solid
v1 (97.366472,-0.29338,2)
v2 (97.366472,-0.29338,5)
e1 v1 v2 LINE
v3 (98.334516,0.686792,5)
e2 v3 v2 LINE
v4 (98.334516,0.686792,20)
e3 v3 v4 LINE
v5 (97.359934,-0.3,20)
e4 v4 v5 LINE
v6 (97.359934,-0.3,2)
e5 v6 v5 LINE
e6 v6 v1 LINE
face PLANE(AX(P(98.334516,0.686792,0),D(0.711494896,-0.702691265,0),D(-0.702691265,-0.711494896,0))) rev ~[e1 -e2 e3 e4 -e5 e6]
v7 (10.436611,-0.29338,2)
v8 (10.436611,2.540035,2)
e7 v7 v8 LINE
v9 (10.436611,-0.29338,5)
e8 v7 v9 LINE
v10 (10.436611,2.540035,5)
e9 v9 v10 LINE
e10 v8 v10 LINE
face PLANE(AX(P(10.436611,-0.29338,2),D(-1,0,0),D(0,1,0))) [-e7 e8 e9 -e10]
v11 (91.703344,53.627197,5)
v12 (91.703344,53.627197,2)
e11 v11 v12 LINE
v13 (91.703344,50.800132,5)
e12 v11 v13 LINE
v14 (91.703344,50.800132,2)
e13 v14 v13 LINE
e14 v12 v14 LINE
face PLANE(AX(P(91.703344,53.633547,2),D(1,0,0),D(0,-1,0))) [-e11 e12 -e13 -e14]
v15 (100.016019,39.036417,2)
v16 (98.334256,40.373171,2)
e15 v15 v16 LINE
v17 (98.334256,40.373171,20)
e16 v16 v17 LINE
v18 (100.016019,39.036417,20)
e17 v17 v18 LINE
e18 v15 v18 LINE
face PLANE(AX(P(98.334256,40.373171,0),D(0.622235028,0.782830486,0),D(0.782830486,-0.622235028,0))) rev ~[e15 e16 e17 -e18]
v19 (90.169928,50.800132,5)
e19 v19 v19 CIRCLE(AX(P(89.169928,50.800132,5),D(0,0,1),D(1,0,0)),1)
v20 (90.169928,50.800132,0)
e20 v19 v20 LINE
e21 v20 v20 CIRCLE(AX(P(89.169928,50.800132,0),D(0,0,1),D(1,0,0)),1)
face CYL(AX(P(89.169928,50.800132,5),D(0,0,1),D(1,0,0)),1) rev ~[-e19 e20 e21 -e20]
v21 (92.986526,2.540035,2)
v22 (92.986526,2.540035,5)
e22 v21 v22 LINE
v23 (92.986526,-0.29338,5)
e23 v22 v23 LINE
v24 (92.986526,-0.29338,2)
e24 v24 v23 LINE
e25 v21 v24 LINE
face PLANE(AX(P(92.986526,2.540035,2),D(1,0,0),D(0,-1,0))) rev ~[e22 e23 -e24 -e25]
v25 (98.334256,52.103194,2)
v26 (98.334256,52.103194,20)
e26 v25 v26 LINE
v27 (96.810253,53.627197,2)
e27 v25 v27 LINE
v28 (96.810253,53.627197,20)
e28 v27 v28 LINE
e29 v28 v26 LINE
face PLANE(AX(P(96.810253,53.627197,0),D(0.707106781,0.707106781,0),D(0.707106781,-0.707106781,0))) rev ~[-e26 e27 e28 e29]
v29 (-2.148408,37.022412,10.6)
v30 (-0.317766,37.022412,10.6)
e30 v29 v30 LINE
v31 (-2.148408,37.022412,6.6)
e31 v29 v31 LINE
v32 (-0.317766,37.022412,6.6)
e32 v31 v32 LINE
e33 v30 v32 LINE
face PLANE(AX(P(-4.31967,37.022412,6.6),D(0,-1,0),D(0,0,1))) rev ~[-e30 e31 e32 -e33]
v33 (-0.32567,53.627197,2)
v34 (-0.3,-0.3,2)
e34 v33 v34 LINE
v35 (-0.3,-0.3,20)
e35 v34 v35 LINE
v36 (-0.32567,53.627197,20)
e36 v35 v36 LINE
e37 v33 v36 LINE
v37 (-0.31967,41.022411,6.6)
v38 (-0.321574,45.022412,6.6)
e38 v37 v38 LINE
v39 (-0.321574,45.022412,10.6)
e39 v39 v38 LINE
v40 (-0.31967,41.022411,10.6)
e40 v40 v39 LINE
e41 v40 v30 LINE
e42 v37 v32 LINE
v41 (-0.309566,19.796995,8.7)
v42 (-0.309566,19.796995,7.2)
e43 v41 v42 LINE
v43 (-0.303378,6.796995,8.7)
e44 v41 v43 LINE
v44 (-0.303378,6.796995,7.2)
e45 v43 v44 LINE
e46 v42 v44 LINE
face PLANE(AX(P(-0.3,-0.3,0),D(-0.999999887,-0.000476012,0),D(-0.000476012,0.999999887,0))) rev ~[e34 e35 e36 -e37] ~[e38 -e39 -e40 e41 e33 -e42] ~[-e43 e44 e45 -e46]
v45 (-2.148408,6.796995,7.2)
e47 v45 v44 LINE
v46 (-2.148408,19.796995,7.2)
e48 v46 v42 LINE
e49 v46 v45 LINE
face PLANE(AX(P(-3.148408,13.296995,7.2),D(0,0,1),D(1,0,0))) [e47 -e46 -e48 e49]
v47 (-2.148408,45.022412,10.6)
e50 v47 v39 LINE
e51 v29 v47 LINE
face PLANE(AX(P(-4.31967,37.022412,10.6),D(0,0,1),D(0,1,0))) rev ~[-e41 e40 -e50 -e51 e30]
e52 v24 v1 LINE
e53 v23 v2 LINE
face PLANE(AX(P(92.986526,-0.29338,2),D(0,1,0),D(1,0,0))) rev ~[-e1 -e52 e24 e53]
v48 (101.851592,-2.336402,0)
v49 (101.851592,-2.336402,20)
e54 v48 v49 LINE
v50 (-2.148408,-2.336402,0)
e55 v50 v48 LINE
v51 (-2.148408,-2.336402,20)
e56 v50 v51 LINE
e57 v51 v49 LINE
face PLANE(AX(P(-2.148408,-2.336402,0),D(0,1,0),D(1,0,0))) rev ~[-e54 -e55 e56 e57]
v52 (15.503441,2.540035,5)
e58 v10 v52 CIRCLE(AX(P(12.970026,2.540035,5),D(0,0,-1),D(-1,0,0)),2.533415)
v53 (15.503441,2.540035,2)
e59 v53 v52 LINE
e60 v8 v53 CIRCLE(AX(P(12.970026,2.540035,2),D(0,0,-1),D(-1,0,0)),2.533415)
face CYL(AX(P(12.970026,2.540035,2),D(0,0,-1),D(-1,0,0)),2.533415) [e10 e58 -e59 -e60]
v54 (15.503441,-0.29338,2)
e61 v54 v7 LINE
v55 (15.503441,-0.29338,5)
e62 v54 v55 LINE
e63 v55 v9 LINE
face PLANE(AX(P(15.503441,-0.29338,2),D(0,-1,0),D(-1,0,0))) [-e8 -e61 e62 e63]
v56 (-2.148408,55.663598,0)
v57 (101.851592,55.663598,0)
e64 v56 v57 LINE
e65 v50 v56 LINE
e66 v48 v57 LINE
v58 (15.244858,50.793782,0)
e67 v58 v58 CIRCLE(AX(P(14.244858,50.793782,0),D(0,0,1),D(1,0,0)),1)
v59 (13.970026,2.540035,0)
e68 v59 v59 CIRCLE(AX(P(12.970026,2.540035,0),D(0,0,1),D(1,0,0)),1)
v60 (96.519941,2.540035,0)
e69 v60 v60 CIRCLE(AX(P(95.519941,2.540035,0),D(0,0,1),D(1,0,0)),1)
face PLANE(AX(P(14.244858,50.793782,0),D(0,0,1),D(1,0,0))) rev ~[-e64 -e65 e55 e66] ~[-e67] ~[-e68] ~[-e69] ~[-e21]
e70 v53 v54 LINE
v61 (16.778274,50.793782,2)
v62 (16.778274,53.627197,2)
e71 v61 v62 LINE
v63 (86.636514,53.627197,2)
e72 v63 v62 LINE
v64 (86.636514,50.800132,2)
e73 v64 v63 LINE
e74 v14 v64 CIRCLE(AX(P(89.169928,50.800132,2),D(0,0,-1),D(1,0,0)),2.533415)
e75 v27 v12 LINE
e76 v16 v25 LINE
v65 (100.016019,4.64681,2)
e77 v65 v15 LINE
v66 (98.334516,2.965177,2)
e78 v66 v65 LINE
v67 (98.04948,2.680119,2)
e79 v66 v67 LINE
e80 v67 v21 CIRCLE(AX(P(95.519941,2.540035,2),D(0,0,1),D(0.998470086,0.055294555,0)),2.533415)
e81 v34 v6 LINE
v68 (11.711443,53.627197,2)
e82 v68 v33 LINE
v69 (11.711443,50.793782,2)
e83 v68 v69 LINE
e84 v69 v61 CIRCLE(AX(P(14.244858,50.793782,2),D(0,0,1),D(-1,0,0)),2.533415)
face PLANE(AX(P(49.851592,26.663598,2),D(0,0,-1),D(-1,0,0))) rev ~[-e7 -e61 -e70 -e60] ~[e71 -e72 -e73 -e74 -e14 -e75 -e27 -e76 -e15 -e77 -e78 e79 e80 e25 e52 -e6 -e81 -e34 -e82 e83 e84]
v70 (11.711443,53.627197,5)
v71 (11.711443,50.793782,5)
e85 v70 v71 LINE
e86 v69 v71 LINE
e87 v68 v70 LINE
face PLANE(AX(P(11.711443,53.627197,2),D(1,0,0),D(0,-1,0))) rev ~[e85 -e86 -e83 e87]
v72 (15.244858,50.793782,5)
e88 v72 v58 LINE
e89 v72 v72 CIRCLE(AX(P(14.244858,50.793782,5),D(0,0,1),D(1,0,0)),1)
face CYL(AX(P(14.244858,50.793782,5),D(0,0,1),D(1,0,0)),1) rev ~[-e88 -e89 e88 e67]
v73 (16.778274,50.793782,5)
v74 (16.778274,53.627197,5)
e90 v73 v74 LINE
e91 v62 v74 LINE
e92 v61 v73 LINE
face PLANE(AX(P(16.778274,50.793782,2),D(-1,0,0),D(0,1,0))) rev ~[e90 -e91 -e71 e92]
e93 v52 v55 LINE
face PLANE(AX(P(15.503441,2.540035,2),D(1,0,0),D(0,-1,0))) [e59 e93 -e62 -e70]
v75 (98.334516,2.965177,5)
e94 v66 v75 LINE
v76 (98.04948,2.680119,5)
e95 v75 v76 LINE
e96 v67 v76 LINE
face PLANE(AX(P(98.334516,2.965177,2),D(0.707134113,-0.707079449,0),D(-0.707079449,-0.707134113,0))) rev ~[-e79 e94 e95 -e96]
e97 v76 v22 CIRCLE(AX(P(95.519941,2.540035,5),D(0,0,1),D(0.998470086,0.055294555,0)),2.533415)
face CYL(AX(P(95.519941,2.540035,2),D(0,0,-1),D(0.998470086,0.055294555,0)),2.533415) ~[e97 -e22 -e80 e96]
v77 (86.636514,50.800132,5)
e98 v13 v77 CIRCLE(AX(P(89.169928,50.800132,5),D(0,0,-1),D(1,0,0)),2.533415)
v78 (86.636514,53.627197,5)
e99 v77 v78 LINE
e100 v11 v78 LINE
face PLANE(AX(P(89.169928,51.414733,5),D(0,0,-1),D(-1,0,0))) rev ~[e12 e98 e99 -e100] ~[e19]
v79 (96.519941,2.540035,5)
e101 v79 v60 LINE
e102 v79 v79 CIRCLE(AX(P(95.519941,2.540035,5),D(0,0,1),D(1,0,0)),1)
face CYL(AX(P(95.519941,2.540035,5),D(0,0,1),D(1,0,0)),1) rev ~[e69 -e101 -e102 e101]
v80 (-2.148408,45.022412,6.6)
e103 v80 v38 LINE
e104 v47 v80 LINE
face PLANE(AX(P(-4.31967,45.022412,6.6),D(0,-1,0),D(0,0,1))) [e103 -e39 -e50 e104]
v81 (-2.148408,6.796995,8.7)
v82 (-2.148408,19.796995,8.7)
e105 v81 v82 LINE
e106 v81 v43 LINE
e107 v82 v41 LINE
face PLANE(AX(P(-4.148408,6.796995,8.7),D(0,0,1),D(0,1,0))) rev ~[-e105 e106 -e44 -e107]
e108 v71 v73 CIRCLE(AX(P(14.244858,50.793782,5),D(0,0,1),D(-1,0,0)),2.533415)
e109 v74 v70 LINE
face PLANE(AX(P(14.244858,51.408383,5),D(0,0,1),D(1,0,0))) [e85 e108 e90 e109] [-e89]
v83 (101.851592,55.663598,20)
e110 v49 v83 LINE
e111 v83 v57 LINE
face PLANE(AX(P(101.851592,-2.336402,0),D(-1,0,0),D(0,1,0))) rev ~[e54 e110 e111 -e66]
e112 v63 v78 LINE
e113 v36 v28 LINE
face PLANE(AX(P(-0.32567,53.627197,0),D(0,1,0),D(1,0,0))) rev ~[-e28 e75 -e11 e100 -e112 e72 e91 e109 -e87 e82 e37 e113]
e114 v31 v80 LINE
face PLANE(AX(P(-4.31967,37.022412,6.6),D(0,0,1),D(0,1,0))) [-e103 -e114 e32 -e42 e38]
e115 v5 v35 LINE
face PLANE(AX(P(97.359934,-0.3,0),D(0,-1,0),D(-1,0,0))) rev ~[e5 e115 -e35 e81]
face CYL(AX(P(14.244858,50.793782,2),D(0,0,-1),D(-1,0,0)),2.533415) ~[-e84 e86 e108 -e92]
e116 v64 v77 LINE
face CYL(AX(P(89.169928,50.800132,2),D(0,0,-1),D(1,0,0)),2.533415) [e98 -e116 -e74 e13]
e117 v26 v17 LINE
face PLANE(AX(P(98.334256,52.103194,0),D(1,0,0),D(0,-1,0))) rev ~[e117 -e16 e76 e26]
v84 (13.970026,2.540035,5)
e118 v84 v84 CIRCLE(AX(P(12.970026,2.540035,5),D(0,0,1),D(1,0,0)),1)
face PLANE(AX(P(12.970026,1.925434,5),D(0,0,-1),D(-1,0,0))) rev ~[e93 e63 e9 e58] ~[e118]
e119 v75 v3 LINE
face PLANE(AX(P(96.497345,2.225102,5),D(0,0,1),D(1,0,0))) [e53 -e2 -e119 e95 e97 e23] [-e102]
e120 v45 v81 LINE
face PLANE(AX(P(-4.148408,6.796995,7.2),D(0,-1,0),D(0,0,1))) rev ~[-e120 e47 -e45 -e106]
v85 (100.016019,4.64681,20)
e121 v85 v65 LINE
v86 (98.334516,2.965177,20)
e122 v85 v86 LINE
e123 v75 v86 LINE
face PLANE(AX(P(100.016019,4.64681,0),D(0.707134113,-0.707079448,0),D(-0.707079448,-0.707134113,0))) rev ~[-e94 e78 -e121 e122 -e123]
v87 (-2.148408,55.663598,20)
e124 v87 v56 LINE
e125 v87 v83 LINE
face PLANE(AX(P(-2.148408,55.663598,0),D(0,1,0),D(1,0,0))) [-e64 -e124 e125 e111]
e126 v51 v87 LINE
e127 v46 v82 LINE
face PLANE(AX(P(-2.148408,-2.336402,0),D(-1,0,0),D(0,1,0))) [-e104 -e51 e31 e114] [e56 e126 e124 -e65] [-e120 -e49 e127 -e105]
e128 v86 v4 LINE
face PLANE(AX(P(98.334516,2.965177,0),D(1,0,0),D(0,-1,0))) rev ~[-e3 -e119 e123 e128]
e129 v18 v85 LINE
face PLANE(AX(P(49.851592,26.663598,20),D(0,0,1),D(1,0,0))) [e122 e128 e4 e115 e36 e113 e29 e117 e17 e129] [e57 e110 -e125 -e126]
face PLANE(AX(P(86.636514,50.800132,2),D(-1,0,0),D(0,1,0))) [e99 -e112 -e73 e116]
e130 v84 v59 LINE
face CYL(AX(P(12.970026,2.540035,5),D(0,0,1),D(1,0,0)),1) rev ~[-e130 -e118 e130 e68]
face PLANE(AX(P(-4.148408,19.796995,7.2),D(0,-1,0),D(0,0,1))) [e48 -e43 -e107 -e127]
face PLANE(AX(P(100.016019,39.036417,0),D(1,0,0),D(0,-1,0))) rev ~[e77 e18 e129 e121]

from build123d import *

# Parameters (mm, degrees)
SKETCH_3_W               = 104
SKETCH_3_H               = 58
EXTRUDE_1_DEPTH          = 20
SKETCH_3_R               = 1.5
EXTRUDE_1_2_DEPTH        = 20
EXTRUDE_1_3_DEPTH        = 20
EXTRUDE_1_4_DEPTH        = 20
EXTRUDE_1_5_DEPTH        = 20
SKETCH_4_W               = 104
SKETCH_4_H               = 58
EXTRUDE_2_DEPTH          = 2
EXTRUDE_3_DEPTH          = 3
CUT_EXTRUDE_1_DEPTH      = 118.034964822
CUT_EXTRUDE_1_DEPTH_BACK = 118.034964822
SKETCH_6_R               = 1.5
SKETCH_7_R               = 1.6263635
SKETCH_7_R_2             = 1
EXTRUDE_4_DEPTH          = 5
SKETCH_8_W               = 4
SKETCH_8_H               = 10
CUT_EXTRUDE_2_DEPTH      = 1.274832
SKETCH_9_W               = 4
SKETCH_9_H               = 8
EXTRUDE_5_DEPTH          = 4
SKETCH_11_W              = 4
SKETCH_11_H              = 5.77137
EXTRUDE_7_DEPTH          = 1.82408674
CUT_EXTRUDE_3_REACH      = 123.535
SKETCH_13_W              = 4
SKETCH_13_H              = 8
SKETCH_14_W              = 2
SKETCH_14_H              = 13
EXTRUDE_8_DEPTH          = 2.2
CUT_EXTRUDE_4_REACH      = 123.385
SKETCH_15_W              = 1.5
SKETCH_15_H              = 13
SKETCH_16_W              = 7.456454352
SKETCH_16_H              = 15.223594302
CUT_EXTRUDE_5_DEPTH      = 2


with BuildPart() as part:
    # 草图3 → 凸台-拉伸1 (new body)
    with BuildSketch(Plane.XY):
        with Locations((49.851592, 26.6635985)):
            Rectangle(SKETCH_3_W, SKETCH_3_H)
        Polygon((97.359934, -0.3), (-0.3, -0.3), (-0.32567, 53.627197), (96.810253, 53.627197), (98.334256, 52.103194), (98.334256, 40.373171), (100.016019, 39.036416919), (100.016019, 4.64681), (98.334516, 2.965177), (98.334516, 0.686792), align=None, mode=Mode.SUBTRACT)
    extrude(amount=EXTRUDE_1_DEPTH)



with BuildPart() as body_2:
    # 草图3 → Extrude 1 2 (new body)
    with BuildSketch(Plane.XY):
        with Locations((89.1699285, 50.800132)):
            Circle(SKETCH_3_R)
    extrude(amount=EXTRUDE_1_2_DEPTH)


with BuildPart() as body_3:
    # 草图3 → Extrude 1 3 (new body)
    with BuildSketch(Plane.XY):
        with Locations((95.519941, 2.540035)):
            Circle(SKETCH_3_R)
    extrude(amount=EXTRUDE_1_3_DEPTH)


with BuildPart() as body_4:
    # 草图3 → Extrude 1 4 (new body)
    with BuildSketch(Plane.XY):
        with Locations((12.970026, 2.540035)):
            Circle(SKETCH_3_R)
    extrude(amount=EXTRUDE_1_4_DEPTH)


with BuildPart() as body_5:
    # 草图3 → Extrude 1 5 (new body)
    with BuildSketch(Plane.XY):
        with Locations((14.2448585, 50.793782)):
            Circle(SKETCH_3_R)
    extrude(amount=EXTRUDE_1_5_DEPTH)


with BuildPart() as part_1:
    add(part.part)

    add(body_2.part)  # 凸台-拉伸2 merges body 2

    add(body_3.part)  # 凸台-拉伸2 merges body 3

    add(body_4.part)  # 凸台-拉伸2 merges body 4

    add(body_5.part)  # 凸台-拉伸2 merges body 5
    # 草图4 → 凸台-拉伸2 (add)
    with BuildSketch(Plane(origin=(0, 0, 0), x_dir=(-1, 0, 0), z_dir=(0, 0, -1))):
        with Locations((-49.851592, 26.6635985)):
            Rectangle(SKETCH_4_W, SKETCH_4_H)
    extrude(amount=-EXTRUDE_2_DEPTH)

    # 草图5 → 凸台-拉伸3 (add)
    with BuildSketch(Plane.XY.offset(2)):
        with BuildLine():
            Line((16.7782735, 50.793782), (16.7782735, 53.627197))
            Line((16.7782735, 53.627197), (11.7114435, 53.627197))
            Line((11.7114435, 53.627197), (11.7114435, 50.793782))
            ThreePointArc((11.7114435, 50.793782), (14.2448585, 48.260367), (16.7782735, 50.793782))
        make_face()
        with BuildLine():
            Line((86.6365135, 50.800132), (86.6365135, 53.633547))
            Line((86.6365135, 53.633547), (91.7033435, 53.633547))
            Line((91.7033435, 53.633547), (91.7033435, 50.800132))
            ThreePointArc((91.7033435, 50.800132), (89.1699285, 48.266717), (86.6365135, 50.800132))
        make_face()
        with BuildLine():
            Line((15.503441, 2.540035), (15.503441, -0.29338))
            Line((15.503441, -0.29338), (10.436611, -0.29338))
            Line((10.436611, -0.29338), (10.436611, 2.540035))
            ThreePointArc((10.436611, 2.540035), (12.970026, 5.07345), (15.503441, 2.540035))
        make_face()
        with BuildLine():
            Line((92.986526, -0.29338), (98.053356, -0.29338))
            Line((98.053356, -0.29338), (98.605799849, -0.29338))
            Line((98.605799849, -0.29338), (100.016019, 4.64681))
            Line((100.016019, 4.64681), (98.334516, 2.965177))
            Line((98.334516, 2.965177), (98.049480092, 2.680119056))
            ThreePointArc((98.049480092, 2.680119056), (95.449872167, 5.072480838), (92.986526, 2.540035))
            Line((92.986526, 2.540035), (92.986526, -0.29338))
        make_face()
    extrude(amount=EXTRUDE_3_DEPTH)

    # 草图6 → 切除-拉伸1 (cut, two sides: drawn at the far end of the back side and taken through both)
    with BuildSketch(Plane.XY.offset(5).offset(-CUT_EXTRUDE_1_DEPTH_BACK)):
        with Locations((14.2448585, 50.793782)):
            Circle(SKETCH_6_R)
        with Locations((89.1699285, 50.800132)):
            Circle(SKETCH_6_R)
        with Locations((12.970026, 2.540035)):
            Circle(SKETCH_6_R)
        with Locations((95.519941, 2.540035)):
            Circle(SKETCH_6_R)
    extrude(amount=CUT_EXTRUDE_1_DEPTH + CUT_EXTRUDE_1_DEPTH_BACK, mode=Mode.SUBTRACT)

    # 草图7 → 凸台-拉伸4 (add)
    # profile 1 of 4: a face of its own
    with BuildSketch(Plane.XY.offset(5)):
        with Locations((14.2448585, 50.793782)):
            Circle(SKETCH_7_R)
        with Locations((14.2448585, 50.793782)):
            Circle(SKETCH_7_R_2, mode=Mode.SUBTRACT)
    # profile 2 of 4: a face of its own
    with BuildSketch(Plane.XY.offset(5)):
        with Locations((89.1699285, 50.800132)):
            Circle(SKETCH_7_R)
        with Locations((89.1699285, 50.800132)):
            Circle(SKETCH_7_R_2, mode=Mode.SUBTRACT)
    # profile 3 of 4: a face of its own
    with BuildSketch(Plane.XY.offset(5)):
        with Locations((95.519941, 2.540035)):
            Circle(SKETCH_7_R)
        with Locations((95.519941, 2.540035)):
            Circle(SKETCH_7_R_2, mode=Mode.SUBTRACT)
    # profile 4 of 4: a face of its own
    with BuildSketch(Plane.XY.offset(5)):
        with Locations((12.970026, 2.540035)):
            Circle(SKETCH_7_R)
        with Locations((12.970026, 2.540035)):
            Circle(SKETCH_7_R_2, mode=Mode.SUBTRACT)
    extrude(amount=-EXTRUDE_4_DEPTH)

    # 草图8 → 切除-拉伸2 (cut)
    with BuildSketch(Plane(origin=(16.7782735, 0, 0), x_dir=(0, 0, -1), z_dir=(1, 0, 0))):
        with Locations((-8.6, 45.793782)):
            Rectangle(SKETCH_8_W, SKETCH_8_H)
    extrude(amount=-CUT_EXTRUDE_2_DEPTH, mode=Mode.SUBTRACT)

    # 草图9 → 凸台-拉伸5 (add)
    with BuildSketch(Plane.XY.offset(6.6)):
        with Locations((-2.319669969, 41.022412)):
            Rectangle(SKETCH_9_W, SKETCH_9_H)
    extrude(amount=EXTRUDE_5_DEPTH)

    # 草图11 → 凸台-拉伸7 (add)
    with BuildSketch(Plane.ZY.offset(2.148408)):
        with Locations((8.6, 47.908097)):
            Rectangle(SKETCH_11_W, SKETCH_11_H)
    extrude(amount=-EXTRUDE_7_DEPTH)

    # 切除-拉伸3: up to this plane
    cut_extrude_3_end = Plane(origin=(-0.300142736, -0.000142872, 20), z_dir=(-0.9999998867062445, -0.00047601207776012256, 0))
    # 草图13 → 切除-拉伸3 (cut, up to the surface)
    with BuildSketch(Plane.ZY.offset(4.319669969), mode=Mode.PRIVATE) as cut_extrude_3_sk1:
        with Locations((8.6, 41.022412)):
            Rectangle(SKETCH_13_W, SKETCH_13_H)
    cut_extrude_3_tool1 = split(extrude(cut_extrude_3_sk1.sketch, amount=-CUT_EXTRUDE_3_REACH, mode=Mode.PRIVATE), bisect_by=cut_extrude_3_end, keep=Keep.BOTH, mode=Mode.PRIVATE)
    add(cut_extrude_3_tool1.solids().sort_by_distance((-4.31967, 41.022412, 8.6))[0], mode=Mode.SUBTRACT)


with BuildPart() as cut_extrude_3_kept_piece:
    # of the separate pieces the step leaves, the one the design keeps (cut_extrude_3_pieces_kept)
    add(part_1.part.solids().sort_by_distance((-2.148408, -2.3364015, 0))[0])

    # 草图14 → 凸台-拉伸8 (add)
    with BuildSketch(Plane.XY.offset(5)):
        with Locations((-3.148408, 13.296995)):
            Rectangle(SKETCH_14_W, SKETCH_14_H)
    extrude(amount=EXTRUDE_8_DEPTH)

    # 切除-拉伸4: up to this plane
    cut_extrude_4_end = Plane(origin=(-0.300142736, -0.000142872, 20), z_dir=(-0.9999998867062445, -0.00047601207776012256, 0))
    # 草图15 → 切除-拉伸4 (cut, up to the surface)
    with BuildSketch(Plane.ZY.offset(4.148408), mode=Mode.PRIVATE) as cut_extrude_4_sk1:
        with Locations((7.95, 13.296995)):
            Rectangle(SKETCH_15_W, SKETCH_15_H)
    cut_extrude_4_tool1 = split(extrude(cut_extrude_4_sk1.sketch, amount=-CUT_EXTRUDE_4_REACH, mode=Mode.PRIVATE), bisect_by=cut_extrude_4_end, keep=Keep.BOTH, mode=Mode.PRIVATE)
    add(cut_extrude_4_tool1.solids().sort_by_distance((-4.148408, 13.296995, 7.95))[0], mode=Mode.SUBTRACT)

    # 草图16 → 切除-拉伸5 (cut)
    with BuildSketch(Plane.ZY.offset(2.148408)):
        with Locations((6.989585085, 13.226446387)):
            Rectangle(SKETCH_16_W, SKETCH_16_H)
    extrude(amount=CUT_EXTRUDE_5_DEPTH, mode=Mode.SUBTRACT)


solid = cut_extrude_3_kept_piece.part
